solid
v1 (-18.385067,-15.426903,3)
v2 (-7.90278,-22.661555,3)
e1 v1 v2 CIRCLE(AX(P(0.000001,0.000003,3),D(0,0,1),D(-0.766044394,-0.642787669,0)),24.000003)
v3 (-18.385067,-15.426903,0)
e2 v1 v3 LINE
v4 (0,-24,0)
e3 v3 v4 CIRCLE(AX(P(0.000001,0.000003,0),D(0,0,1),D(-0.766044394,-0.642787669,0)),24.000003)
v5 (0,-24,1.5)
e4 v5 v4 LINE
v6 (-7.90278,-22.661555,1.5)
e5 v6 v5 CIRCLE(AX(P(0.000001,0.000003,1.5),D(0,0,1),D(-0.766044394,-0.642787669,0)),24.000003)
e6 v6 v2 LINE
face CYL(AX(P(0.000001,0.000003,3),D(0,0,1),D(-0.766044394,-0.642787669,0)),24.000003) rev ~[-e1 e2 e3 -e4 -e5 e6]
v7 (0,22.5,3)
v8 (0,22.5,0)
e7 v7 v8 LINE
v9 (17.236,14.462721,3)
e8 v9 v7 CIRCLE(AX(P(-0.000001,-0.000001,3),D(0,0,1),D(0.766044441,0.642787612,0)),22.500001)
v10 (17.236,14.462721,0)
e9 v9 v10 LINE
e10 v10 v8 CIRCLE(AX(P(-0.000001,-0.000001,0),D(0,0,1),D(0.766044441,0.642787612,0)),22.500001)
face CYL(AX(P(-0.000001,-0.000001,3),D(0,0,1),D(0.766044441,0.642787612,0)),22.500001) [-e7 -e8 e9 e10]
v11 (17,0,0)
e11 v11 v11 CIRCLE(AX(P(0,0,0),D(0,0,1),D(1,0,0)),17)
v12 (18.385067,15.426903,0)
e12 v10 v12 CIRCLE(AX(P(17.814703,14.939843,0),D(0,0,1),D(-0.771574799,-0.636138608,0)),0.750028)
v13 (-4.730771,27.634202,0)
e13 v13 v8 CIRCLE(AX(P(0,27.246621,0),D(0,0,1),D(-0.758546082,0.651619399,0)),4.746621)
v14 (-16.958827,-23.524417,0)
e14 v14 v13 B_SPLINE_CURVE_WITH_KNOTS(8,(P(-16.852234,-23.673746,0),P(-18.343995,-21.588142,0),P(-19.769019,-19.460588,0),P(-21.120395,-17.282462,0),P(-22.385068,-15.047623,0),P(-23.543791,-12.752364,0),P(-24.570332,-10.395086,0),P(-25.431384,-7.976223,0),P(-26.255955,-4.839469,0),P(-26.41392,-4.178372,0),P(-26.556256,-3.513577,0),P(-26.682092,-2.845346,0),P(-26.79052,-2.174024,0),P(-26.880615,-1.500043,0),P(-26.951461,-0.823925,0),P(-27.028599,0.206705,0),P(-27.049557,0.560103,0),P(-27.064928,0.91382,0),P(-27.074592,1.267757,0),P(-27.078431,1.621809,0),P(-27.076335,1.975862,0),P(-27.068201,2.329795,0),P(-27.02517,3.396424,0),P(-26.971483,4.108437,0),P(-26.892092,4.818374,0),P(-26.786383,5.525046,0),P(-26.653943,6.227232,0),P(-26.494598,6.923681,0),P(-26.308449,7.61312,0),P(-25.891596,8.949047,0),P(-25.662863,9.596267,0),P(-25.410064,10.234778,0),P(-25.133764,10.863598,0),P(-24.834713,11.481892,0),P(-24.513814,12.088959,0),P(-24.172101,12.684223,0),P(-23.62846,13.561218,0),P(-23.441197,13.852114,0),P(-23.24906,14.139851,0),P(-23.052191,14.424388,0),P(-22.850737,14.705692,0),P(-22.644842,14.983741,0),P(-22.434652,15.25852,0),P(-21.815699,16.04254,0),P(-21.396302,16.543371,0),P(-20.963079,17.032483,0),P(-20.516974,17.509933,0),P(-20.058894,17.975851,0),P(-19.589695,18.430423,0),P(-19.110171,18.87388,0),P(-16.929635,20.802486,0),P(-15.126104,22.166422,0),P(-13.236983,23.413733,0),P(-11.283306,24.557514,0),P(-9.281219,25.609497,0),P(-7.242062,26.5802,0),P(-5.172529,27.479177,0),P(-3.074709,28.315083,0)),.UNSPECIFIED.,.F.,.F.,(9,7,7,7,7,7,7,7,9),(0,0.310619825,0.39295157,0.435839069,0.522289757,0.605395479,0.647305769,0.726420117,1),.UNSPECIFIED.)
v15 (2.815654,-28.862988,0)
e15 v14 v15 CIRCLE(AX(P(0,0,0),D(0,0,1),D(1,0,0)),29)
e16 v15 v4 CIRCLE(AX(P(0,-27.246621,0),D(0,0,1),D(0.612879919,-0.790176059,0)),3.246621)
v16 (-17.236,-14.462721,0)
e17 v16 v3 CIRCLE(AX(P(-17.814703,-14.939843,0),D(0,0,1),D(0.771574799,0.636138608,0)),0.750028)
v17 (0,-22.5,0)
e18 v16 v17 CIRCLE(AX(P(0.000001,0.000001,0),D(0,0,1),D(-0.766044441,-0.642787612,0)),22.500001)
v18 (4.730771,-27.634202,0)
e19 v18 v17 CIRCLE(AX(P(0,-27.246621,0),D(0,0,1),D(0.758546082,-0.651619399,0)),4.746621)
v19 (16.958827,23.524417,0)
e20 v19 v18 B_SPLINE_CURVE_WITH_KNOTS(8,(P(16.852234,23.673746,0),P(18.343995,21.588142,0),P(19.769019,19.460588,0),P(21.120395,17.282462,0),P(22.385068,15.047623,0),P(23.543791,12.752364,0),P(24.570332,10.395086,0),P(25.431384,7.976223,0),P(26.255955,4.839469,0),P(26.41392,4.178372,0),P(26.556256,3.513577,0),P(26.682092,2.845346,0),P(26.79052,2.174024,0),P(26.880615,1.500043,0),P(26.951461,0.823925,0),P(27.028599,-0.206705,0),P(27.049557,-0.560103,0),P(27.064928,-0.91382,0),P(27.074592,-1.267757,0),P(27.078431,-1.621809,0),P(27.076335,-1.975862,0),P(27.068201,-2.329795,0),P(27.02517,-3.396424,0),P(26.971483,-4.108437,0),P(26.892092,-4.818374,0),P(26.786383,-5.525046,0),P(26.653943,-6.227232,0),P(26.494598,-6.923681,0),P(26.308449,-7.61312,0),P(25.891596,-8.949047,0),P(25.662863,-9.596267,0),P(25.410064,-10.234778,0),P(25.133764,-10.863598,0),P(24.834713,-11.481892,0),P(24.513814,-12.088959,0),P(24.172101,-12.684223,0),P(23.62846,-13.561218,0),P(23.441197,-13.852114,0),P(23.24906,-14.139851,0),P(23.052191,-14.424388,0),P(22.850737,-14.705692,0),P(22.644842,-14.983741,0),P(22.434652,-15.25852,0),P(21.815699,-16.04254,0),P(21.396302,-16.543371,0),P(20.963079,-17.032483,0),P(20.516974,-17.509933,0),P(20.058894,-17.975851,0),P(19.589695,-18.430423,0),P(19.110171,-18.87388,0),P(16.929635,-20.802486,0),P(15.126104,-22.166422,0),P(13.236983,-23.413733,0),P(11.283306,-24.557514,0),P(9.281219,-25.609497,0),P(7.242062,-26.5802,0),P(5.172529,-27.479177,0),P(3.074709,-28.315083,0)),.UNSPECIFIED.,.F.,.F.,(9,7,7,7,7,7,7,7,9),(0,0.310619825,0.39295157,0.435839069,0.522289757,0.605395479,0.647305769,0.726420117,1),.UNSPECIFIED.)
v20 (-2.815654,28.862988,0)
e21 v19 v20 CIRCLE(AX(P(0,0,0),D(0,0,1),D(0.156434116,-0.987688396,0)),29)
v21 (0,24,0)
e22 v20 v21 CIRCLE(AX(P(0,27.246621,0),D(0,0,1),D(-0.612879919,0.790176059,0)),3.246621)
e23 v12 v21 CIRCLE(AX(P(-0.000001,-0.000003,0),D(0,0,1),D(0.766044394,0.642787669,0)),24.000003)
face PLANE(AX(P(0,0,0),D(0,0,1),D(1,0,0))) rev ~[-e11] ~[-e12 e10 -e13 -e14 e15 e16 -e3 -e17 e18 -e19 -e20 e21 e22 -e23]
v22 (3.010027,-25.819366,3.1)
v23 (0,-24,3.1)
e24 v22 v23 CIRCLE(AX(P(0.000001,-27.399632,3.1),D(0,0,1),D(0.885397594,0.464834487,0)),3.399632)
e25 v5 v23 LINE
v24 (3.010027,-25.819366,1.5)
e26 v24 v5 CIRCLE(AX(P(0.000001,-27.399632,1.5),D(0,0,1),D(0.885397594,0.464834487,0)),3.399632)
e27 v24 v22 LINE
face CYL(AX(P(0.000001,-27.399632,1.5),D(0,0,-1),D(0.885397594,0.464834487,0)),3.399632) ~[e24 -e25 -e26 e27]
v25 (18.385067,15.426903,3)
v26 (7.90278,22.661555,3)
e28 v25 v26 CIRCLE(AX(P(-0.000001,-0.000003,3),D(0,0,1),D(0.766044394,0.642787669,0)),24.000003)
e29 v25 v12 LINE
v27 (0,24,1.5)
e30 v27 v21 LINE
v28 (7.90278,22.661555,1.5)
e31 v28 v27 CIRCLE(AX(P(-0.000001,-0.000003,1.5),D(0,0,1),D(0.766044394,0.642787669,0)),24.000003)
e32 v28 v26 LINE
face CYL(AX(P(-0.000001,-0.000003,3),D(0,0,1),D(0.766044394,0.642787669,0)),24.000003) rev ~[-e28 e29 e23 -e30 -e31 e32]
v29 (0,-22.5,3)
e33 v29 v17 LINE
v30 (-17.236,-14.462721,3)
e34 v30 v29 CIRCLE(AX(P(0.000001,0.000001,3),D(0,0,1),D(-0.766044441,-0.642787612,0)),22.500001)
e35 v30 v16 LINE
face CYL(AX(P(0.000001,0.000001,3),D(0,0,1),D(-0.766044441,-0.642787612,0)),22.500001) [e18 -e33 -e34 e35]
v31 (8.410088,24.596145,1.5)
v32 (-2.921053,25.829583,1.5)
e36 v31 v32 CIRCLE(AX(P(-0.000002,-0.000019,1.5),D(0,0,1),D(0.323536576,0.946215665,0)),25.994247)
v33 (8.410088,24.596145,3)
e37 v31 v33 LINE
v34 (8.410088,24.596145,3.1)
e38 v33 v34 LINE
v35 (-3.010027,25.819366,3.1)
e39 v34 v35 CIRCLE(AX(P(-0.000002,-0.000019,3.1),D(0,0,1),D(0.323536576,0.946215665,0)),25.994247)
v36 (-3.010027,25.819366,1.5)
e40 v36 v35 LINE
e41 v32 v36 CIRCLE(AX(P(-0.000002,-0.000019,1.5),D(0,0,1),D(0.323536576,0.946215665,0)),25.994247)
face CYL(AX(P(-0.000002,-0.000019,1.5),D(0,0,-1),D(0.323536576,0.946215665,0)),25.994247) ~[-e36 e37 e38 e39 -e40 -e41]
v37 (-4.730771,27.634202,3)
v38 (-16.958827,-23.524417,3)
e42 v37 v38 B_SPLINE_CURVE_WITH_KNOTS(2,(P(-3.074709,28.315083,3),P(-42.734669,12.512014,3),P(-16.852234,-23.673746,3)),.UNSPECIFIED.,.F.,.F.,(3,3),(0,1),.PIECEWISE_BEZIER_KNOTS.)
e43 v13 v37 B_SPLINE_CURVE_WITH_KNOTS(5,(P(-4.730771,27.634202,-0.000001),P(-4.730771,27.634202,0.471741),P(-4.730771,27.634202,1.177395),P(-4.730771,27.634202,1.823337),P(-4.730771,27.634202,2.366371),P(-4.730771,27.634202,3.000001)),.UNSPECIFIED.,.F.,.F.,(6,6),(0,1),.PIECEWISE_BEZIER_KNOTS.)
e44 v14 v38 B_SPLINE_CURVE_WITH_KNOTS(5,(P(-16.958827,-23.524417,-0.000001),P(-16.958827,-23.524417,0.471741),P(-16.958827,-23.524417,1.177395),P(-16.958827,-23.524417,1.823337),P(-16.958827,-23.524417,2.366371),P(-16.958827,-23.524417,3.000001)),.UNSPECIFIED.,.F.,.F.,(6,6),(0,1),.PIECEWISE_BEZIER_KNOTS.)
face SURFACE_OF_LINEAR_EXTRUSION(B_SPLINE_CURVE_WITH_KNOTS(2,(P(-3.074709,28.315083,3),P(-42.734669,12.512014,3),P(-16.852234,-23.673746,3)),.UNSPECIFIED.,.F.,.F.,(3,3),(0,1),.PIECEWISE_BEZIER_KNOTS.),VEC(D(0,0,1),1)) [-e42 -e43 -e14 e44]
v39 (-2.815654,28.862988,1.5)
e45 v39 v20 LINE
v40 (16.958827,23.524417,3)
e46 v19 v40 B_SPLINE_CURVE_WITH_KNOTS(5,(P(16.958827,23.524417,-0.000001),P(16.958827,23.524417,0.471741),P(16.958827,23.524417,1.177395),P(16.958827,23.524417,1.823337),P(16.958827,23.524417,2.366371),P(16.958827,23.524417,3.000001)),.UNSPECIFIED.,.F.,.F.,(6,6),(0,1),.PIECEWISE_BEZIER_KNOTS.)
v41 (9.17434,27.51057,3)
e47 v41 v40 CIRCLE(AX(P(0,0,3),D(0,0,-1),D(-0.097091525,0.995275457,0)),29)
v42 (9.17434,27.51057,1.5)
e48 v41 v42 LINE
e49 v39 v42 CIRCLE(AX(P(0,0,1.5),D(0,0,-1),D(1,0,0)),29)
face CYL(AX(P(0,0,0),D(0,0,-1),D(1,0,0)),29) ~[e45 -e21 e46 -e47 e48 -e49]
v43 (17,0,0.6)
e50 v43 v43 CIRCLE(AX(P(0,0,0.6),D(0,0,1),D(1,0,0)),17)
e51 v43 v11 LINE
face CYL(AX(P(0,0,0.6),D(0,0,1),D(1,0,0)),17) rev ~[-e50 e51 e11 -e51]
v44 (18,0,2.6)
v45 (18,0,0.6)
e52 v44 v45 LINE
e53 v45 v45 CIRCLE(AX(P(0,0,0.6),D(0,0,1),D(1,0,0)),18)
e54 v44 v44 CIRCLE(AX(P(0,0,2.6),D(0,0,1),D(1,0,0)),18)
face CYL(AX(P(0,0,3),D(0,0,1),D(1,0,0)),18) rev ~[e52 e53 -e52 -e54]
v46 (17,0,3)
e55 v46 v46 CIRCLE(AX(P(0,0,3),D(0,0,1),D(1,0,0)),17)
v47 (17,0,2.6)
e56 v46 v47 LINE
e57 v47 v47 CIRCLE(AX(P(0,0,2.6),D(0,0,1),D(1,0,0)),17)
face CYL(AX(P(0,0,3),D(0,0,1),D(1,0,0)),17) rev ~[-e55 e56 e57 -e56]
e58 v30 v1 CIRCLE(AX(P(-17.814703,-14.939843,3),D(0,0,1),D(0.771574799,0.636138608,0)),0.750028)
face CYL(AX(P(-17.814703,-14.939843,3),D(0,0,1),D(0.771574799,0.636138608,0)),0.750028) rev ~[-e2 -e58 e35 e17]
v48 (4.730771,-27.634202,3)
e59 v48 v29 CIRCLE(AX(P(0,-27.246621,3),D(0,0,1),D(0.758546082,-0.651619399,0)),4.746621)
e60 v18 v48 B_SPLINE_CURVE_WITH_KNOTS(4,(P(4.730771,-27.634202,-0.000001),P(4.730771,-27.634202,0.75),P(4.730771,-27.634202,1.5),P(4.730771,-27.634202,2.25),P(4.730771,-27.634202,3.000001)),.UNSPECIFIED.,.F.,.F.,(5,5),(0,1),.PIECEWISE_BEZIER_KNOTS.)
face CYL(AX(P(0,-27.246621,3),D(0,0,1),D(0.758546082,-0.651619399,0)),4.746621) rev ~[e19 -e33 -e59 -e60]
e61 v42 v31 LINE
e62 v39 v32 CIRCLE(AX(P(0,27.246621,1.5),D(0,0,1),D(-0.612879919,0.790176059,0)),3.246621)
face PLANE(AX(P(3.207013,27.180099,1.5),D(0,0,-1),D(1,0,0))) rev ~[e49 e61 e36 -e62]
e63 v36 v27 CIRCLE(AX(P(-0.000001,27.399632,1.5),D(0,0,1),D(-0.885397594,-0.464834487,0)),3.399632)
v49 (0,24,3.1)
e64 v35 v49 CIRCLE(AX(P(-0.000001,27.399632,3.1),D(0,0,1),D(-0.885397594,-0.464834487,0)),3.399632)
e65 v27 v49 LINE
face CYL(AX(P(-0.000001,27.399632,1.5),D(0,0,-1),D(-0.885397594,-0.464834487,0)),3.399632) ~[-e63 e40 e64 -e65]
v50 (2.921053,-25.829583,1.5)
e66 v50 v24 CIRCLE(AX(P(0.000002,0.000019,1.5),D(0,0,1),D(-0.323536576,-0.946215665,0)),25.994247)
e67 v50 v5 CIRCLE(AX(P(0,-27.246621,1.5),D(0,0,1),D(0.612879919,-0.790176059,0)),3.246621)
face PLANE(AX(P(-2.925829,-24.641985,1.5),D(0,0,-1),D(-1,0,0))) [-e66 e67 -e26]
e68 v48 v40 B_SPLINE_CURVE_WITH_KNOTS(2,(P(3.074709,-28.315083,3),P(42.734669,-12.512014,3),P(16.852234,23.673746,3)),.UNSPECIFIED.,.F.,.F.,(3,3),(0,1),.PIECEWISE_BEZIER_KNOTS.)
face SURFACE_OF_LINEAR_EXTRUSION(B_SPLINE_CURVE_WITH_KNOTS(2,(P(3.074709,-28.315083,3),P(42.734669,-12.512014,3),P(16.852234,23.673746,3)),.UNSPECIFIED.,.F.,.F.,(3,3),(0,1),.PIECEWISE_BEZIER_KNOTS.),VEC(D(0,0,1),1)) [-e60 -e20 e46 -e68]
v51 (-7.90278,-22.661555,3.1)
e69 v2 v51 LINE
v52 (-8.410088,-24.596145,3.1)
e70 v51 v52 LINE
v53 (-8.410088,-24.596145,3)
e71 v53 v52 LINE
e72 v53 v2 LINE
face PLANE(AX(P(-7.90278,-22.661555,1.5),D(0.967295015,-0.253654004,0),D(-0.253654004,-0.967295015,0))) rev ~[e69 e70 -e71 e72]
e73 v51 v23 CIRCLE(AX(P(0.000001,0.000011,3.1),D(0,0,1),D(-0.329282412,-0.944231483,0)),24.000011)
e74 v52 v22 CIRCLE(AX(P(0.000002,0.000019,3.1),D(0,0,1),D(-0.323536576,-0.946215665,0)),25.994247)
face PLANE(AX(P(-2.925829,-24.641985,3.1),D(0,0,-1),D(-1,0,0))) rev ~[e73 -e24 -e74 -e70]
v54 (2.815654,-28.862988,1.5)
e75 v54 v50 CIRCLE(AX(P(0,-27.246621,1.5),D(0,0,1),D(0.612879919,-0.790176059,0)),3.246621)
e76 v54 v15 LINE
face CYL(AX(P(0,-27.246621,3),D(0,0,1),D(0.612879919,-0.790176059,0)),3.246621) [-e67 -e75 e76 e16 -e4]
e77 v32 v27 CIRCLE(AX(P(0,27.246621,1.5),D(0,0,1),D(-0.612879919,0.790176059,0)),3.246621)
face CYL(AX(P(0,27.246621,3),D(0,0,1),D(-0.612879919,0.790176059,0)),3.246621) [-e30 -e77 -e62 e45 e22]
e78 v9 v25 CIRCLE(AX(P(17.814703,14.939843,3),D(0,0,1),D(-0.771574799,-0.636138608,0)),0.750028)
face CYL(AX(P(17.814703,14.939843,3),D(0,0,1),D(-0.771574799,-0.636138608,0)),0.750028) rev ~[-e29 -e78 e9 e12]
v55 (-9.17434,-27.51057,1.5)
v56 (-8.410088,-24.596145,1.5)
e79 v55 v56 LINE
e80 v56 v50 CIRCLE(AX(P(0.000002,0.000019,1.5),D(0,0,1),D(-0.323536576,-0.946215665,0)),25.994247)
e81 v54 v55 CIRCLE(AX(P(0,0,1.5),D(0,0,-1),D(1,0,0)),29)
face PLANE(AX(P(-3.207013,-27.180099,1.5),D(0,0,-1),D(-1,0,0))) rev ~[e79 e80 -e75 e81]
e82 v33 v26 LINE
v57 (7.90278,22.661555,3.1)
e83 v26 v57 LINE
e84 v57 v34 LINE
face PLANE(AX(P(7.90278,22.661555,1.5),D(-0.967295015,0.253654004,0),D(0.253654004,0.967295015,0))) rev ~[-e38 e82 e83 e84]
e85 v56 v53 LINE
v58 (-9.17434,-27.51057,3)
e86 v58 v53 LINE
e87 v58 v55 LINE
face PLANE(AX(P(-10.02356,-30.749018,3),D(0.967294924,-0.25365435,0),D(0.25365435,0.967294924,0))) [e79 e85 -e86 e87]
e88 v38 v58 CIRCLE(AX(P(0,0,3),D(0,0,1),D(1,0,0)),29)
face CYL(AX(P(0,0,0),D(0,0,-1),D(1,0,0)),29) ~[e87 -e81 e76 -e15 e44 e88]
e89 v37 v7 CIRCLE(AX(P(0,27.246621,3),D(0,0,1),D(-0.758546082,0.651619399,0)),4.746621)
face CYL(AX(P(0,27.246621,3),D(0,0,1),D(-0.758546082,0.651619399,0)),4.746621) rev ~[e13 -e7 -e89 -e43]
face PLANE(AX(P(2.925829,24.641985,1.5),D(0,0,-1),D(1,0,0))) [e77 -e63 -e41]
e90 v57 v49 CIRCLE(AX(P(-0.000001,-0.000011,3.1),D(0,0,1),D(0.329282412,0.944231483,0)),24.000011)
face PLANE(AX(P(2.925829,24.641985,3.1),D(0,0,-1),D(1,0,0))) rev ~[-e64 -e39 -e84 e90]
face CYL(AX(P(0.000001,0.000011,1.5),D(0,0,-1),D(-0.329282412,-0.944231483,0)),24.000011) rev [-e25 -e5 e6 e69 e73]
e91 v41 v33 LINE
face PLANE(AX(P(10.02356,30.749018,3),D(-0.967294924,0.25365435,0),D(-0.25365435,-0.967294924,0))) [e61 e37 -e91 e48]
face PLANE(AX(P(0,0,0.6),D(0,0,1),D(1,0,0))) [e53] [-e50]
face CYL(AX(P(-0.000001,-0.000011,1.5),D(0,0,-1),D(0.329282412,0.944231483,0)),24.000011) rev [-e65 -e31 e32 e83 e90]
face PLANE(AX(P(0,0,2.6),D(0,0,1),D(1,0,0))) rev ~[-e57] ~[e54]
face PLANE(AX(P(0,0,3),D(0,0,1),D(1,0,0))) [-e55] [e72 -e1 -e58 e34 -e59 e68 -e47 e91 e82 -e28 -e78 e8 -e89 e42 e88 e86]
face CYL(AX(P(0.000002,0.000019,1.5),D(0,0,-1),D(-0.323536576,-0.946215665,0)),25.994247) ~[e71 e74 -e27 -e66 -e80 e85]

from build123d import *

# Parameters (mm, degrees)
SKETCH_R              = 29
PAD_DEPTH             = 3
POCKET_DEPTH          = 5
POLARPATTERN_COUNT    = 2
POCKET001_DEPTH       = 5
POLARPATTERN001_COUNT = 2
SKETCH003_R           = 18
POCKET002_DEPTH       = 2.4
SKETCH004_R           = 17
POCKET003_DEPTH       = 5
POCKET004_DEPTH       = 1.5
POLARPATTERN002_COUNT = 2
PAD001_DEPTH          = 1.6
POLARPATTERN003_COUNT = 2
SKETCH007_R           = 18.340375
PAD002_DEPTH          = 0.4
SKETCH008_R           = 17
POCKET005_DEPTH       = 5


with BuildPart() as part:
    # Sketch → Pad (new body)
    with BuildSketch(Plane.XY):
        Circle(SKETCH_R)
    extrude(amount=PAD_DEPTH)

    # Sketch001 (on Face3 of Pad) → Pocket (cut)
    with BuildSketch(Plane.XY.offset(3)):
        with BuildLine():
            ThreePointArc((-18.385067, -15.426903), (-10.142838, -21.751387), (0, -24))
            ThreePointArc((1.989789, -29.812024), (3.071599, -26.195037), (0, -24))
            ThreePointArc((1.989789, -29.812024), (2.178472, -31.958585), (3.600531, -30.339612))
            ThreePointArc((3.600531, -30.339612), (4.313448, -25.265566), (0, -22.5))
            ThreePointArc((-17.236, -14.462721), (-9.508911, -20.391925), (0, -22.5))
            ThreePointArc((-17.236, -14.462721), (-18.296812, -14.365288), (-18.385067, -15.426903))
        make_face()
    pocket = extrude(amount=-POCKET_DEPTH, mode=Mode.SUBTRACT)

    # PolarPattern: Pocket ×2 about axis
    polarpattern_axis = Axis((0, 0, 3), (0, 0, 1))
    for i in range(1, POLARPATTERN_COUNT):
        add(pocket.rotate(polarpattern_axis, i * 360 / POLARPATTERN_COUNT), mode=Mode.SUBTRACT)

    # Sketch002 (on Face4 of PolarPattern) → Pocket001 (cut)
    with BuildSketch(Plane.XY.offset(3)):
        with BuildLine():
            add(Edge.make_bspline(
                [(-3.074709, 28.315083), (-42.734669, 12.512014), (-16.852234, -23.673746)],
                knots=[0, 0, 0, 1, 1, 1], degree=2))
            Line((-16.852234, -23.673746), (-19.979143, -30.365301))
            Line((-19.979143, -30.365301), (-32.54401, -28.825899))
            Line((-32.54401, -28.825899), (-39.32571, 4.3753))
            Line((-39.32571, 4.3753), (-7.235262, 36.220139))
            Line((-7.235262, 36.220139), (-3.074709, 28.315083))
        make_face()
    pocket001 = extrude(amount=-POCKET001_DEPTH, mode=Mode.SUBTRACT)

    # PolarPattern001: Pocket001 ×2 about axis
    polarpattern001_axis = Axis((0, 0, 3), (0, 0, 1))
    for i in range(1, POLARPATTERN001_COUNT):
        add(pocket001.rotate(polarpattern001_axis, i * 360 / POLARPATTERN001_COUNT), mode=Mode.SUBTRACT)

    # Sketch003 (on Face4 of PolarPattern001) → Pocket002 (cut)
    with BuildSketch(Plane.XY.offset(3)):
        Circle(SKETCH003_R)
    extrude(amount=-POCKET002_DEPTH, mode=Mode.SUBTRACT)

    # Sketch004 (on Face18 of Pocket002) → Pocket003 (cut)
    with BuildSketch(Plane.XY.offset(0.6)):
        Circle(SKETCH004_R)
    extrude(amount=-POCKET003_DEPTH, mode=Mode.SUBTRACT)

    # Sketch005 (on Face4 of Pocket003) → Pocket004 (cut)
    with BuildSketch(Plane.XY.offset(3)):
        Polygon((-7.733806, -22.017185), (-1.653993, -23.383749), (2.389916, -24.108864), (3.923815, -27.065102), (3.45663, -30.749018), (-4.573239, -30.749018), (-10.02356, -30.749018), align=None)
    pocket004 = extrude(amount=-POCKET004_DEPTH, mode=Mode.SUBTRACT)

    # PolarPattern002: Pocket004 ×2 about axis
    polarpattern002_axis = Axis((0, 0, 3), (0, 0, 1))
    for i in range(1, POLARPATTERN002_COUNT):
        add(pocket004.rotate(polarpattern002_axis, i * 360 / POLARPATTERN002_COUNT), mode=Mode.SUBTRACT)

    # Sketch006 (on Face28 of PolarPattern002) → Pad001 (join)
    with BuildSketch(Plane.XY.offset(1.5)):
        with BuildLine():
            ThreePointArc((-7.90278, -22.661555), (-4.00766, -23.663023), (0, -24))
            ThreePointArc((3.010027, -25.819366), (1.758576, -24.49018), (0, -24))
            ThreePointArc((-8.410088, -24.596145), (-2.768435, -25.846386), (3.010027, -25.819366))
            Line((-7.90278, -22.661555), (-8.410088, -24.596145))
        make_face()
    pad001 = extrude(amount=PAD001_DEPTH)

    # PolarPattern003: Pad001 ×2 about axis
    polarpattern003_axis = Axis((0, 0, 1.5), (0, 0, 1))
    for i in range(1, POLARPATTERN003_COUNT):
        add(pad001.rotate(polarpattern003_axis, i * 360 / POLARPATTERN003_COUNT))

    # Sketch007 (on Face6 of PolarPattern003) → Pad002 (join)
    with BuildSketch(Plane.XY.offset(3)):
        Circle(SKETCH007_R)
    extrude(amount=-PAD002_DEPTH)

    # Sketch008 (on Face35 of Pad002) → Pocket005 (cut)
    with BuildSketch(Plane.XY.offset(3)):
        Circle(SKETCH008_R)
    extrude(amount=-POCKET005_DEPTH, mode=Mode.SUBTRACT)


solid = part.part
